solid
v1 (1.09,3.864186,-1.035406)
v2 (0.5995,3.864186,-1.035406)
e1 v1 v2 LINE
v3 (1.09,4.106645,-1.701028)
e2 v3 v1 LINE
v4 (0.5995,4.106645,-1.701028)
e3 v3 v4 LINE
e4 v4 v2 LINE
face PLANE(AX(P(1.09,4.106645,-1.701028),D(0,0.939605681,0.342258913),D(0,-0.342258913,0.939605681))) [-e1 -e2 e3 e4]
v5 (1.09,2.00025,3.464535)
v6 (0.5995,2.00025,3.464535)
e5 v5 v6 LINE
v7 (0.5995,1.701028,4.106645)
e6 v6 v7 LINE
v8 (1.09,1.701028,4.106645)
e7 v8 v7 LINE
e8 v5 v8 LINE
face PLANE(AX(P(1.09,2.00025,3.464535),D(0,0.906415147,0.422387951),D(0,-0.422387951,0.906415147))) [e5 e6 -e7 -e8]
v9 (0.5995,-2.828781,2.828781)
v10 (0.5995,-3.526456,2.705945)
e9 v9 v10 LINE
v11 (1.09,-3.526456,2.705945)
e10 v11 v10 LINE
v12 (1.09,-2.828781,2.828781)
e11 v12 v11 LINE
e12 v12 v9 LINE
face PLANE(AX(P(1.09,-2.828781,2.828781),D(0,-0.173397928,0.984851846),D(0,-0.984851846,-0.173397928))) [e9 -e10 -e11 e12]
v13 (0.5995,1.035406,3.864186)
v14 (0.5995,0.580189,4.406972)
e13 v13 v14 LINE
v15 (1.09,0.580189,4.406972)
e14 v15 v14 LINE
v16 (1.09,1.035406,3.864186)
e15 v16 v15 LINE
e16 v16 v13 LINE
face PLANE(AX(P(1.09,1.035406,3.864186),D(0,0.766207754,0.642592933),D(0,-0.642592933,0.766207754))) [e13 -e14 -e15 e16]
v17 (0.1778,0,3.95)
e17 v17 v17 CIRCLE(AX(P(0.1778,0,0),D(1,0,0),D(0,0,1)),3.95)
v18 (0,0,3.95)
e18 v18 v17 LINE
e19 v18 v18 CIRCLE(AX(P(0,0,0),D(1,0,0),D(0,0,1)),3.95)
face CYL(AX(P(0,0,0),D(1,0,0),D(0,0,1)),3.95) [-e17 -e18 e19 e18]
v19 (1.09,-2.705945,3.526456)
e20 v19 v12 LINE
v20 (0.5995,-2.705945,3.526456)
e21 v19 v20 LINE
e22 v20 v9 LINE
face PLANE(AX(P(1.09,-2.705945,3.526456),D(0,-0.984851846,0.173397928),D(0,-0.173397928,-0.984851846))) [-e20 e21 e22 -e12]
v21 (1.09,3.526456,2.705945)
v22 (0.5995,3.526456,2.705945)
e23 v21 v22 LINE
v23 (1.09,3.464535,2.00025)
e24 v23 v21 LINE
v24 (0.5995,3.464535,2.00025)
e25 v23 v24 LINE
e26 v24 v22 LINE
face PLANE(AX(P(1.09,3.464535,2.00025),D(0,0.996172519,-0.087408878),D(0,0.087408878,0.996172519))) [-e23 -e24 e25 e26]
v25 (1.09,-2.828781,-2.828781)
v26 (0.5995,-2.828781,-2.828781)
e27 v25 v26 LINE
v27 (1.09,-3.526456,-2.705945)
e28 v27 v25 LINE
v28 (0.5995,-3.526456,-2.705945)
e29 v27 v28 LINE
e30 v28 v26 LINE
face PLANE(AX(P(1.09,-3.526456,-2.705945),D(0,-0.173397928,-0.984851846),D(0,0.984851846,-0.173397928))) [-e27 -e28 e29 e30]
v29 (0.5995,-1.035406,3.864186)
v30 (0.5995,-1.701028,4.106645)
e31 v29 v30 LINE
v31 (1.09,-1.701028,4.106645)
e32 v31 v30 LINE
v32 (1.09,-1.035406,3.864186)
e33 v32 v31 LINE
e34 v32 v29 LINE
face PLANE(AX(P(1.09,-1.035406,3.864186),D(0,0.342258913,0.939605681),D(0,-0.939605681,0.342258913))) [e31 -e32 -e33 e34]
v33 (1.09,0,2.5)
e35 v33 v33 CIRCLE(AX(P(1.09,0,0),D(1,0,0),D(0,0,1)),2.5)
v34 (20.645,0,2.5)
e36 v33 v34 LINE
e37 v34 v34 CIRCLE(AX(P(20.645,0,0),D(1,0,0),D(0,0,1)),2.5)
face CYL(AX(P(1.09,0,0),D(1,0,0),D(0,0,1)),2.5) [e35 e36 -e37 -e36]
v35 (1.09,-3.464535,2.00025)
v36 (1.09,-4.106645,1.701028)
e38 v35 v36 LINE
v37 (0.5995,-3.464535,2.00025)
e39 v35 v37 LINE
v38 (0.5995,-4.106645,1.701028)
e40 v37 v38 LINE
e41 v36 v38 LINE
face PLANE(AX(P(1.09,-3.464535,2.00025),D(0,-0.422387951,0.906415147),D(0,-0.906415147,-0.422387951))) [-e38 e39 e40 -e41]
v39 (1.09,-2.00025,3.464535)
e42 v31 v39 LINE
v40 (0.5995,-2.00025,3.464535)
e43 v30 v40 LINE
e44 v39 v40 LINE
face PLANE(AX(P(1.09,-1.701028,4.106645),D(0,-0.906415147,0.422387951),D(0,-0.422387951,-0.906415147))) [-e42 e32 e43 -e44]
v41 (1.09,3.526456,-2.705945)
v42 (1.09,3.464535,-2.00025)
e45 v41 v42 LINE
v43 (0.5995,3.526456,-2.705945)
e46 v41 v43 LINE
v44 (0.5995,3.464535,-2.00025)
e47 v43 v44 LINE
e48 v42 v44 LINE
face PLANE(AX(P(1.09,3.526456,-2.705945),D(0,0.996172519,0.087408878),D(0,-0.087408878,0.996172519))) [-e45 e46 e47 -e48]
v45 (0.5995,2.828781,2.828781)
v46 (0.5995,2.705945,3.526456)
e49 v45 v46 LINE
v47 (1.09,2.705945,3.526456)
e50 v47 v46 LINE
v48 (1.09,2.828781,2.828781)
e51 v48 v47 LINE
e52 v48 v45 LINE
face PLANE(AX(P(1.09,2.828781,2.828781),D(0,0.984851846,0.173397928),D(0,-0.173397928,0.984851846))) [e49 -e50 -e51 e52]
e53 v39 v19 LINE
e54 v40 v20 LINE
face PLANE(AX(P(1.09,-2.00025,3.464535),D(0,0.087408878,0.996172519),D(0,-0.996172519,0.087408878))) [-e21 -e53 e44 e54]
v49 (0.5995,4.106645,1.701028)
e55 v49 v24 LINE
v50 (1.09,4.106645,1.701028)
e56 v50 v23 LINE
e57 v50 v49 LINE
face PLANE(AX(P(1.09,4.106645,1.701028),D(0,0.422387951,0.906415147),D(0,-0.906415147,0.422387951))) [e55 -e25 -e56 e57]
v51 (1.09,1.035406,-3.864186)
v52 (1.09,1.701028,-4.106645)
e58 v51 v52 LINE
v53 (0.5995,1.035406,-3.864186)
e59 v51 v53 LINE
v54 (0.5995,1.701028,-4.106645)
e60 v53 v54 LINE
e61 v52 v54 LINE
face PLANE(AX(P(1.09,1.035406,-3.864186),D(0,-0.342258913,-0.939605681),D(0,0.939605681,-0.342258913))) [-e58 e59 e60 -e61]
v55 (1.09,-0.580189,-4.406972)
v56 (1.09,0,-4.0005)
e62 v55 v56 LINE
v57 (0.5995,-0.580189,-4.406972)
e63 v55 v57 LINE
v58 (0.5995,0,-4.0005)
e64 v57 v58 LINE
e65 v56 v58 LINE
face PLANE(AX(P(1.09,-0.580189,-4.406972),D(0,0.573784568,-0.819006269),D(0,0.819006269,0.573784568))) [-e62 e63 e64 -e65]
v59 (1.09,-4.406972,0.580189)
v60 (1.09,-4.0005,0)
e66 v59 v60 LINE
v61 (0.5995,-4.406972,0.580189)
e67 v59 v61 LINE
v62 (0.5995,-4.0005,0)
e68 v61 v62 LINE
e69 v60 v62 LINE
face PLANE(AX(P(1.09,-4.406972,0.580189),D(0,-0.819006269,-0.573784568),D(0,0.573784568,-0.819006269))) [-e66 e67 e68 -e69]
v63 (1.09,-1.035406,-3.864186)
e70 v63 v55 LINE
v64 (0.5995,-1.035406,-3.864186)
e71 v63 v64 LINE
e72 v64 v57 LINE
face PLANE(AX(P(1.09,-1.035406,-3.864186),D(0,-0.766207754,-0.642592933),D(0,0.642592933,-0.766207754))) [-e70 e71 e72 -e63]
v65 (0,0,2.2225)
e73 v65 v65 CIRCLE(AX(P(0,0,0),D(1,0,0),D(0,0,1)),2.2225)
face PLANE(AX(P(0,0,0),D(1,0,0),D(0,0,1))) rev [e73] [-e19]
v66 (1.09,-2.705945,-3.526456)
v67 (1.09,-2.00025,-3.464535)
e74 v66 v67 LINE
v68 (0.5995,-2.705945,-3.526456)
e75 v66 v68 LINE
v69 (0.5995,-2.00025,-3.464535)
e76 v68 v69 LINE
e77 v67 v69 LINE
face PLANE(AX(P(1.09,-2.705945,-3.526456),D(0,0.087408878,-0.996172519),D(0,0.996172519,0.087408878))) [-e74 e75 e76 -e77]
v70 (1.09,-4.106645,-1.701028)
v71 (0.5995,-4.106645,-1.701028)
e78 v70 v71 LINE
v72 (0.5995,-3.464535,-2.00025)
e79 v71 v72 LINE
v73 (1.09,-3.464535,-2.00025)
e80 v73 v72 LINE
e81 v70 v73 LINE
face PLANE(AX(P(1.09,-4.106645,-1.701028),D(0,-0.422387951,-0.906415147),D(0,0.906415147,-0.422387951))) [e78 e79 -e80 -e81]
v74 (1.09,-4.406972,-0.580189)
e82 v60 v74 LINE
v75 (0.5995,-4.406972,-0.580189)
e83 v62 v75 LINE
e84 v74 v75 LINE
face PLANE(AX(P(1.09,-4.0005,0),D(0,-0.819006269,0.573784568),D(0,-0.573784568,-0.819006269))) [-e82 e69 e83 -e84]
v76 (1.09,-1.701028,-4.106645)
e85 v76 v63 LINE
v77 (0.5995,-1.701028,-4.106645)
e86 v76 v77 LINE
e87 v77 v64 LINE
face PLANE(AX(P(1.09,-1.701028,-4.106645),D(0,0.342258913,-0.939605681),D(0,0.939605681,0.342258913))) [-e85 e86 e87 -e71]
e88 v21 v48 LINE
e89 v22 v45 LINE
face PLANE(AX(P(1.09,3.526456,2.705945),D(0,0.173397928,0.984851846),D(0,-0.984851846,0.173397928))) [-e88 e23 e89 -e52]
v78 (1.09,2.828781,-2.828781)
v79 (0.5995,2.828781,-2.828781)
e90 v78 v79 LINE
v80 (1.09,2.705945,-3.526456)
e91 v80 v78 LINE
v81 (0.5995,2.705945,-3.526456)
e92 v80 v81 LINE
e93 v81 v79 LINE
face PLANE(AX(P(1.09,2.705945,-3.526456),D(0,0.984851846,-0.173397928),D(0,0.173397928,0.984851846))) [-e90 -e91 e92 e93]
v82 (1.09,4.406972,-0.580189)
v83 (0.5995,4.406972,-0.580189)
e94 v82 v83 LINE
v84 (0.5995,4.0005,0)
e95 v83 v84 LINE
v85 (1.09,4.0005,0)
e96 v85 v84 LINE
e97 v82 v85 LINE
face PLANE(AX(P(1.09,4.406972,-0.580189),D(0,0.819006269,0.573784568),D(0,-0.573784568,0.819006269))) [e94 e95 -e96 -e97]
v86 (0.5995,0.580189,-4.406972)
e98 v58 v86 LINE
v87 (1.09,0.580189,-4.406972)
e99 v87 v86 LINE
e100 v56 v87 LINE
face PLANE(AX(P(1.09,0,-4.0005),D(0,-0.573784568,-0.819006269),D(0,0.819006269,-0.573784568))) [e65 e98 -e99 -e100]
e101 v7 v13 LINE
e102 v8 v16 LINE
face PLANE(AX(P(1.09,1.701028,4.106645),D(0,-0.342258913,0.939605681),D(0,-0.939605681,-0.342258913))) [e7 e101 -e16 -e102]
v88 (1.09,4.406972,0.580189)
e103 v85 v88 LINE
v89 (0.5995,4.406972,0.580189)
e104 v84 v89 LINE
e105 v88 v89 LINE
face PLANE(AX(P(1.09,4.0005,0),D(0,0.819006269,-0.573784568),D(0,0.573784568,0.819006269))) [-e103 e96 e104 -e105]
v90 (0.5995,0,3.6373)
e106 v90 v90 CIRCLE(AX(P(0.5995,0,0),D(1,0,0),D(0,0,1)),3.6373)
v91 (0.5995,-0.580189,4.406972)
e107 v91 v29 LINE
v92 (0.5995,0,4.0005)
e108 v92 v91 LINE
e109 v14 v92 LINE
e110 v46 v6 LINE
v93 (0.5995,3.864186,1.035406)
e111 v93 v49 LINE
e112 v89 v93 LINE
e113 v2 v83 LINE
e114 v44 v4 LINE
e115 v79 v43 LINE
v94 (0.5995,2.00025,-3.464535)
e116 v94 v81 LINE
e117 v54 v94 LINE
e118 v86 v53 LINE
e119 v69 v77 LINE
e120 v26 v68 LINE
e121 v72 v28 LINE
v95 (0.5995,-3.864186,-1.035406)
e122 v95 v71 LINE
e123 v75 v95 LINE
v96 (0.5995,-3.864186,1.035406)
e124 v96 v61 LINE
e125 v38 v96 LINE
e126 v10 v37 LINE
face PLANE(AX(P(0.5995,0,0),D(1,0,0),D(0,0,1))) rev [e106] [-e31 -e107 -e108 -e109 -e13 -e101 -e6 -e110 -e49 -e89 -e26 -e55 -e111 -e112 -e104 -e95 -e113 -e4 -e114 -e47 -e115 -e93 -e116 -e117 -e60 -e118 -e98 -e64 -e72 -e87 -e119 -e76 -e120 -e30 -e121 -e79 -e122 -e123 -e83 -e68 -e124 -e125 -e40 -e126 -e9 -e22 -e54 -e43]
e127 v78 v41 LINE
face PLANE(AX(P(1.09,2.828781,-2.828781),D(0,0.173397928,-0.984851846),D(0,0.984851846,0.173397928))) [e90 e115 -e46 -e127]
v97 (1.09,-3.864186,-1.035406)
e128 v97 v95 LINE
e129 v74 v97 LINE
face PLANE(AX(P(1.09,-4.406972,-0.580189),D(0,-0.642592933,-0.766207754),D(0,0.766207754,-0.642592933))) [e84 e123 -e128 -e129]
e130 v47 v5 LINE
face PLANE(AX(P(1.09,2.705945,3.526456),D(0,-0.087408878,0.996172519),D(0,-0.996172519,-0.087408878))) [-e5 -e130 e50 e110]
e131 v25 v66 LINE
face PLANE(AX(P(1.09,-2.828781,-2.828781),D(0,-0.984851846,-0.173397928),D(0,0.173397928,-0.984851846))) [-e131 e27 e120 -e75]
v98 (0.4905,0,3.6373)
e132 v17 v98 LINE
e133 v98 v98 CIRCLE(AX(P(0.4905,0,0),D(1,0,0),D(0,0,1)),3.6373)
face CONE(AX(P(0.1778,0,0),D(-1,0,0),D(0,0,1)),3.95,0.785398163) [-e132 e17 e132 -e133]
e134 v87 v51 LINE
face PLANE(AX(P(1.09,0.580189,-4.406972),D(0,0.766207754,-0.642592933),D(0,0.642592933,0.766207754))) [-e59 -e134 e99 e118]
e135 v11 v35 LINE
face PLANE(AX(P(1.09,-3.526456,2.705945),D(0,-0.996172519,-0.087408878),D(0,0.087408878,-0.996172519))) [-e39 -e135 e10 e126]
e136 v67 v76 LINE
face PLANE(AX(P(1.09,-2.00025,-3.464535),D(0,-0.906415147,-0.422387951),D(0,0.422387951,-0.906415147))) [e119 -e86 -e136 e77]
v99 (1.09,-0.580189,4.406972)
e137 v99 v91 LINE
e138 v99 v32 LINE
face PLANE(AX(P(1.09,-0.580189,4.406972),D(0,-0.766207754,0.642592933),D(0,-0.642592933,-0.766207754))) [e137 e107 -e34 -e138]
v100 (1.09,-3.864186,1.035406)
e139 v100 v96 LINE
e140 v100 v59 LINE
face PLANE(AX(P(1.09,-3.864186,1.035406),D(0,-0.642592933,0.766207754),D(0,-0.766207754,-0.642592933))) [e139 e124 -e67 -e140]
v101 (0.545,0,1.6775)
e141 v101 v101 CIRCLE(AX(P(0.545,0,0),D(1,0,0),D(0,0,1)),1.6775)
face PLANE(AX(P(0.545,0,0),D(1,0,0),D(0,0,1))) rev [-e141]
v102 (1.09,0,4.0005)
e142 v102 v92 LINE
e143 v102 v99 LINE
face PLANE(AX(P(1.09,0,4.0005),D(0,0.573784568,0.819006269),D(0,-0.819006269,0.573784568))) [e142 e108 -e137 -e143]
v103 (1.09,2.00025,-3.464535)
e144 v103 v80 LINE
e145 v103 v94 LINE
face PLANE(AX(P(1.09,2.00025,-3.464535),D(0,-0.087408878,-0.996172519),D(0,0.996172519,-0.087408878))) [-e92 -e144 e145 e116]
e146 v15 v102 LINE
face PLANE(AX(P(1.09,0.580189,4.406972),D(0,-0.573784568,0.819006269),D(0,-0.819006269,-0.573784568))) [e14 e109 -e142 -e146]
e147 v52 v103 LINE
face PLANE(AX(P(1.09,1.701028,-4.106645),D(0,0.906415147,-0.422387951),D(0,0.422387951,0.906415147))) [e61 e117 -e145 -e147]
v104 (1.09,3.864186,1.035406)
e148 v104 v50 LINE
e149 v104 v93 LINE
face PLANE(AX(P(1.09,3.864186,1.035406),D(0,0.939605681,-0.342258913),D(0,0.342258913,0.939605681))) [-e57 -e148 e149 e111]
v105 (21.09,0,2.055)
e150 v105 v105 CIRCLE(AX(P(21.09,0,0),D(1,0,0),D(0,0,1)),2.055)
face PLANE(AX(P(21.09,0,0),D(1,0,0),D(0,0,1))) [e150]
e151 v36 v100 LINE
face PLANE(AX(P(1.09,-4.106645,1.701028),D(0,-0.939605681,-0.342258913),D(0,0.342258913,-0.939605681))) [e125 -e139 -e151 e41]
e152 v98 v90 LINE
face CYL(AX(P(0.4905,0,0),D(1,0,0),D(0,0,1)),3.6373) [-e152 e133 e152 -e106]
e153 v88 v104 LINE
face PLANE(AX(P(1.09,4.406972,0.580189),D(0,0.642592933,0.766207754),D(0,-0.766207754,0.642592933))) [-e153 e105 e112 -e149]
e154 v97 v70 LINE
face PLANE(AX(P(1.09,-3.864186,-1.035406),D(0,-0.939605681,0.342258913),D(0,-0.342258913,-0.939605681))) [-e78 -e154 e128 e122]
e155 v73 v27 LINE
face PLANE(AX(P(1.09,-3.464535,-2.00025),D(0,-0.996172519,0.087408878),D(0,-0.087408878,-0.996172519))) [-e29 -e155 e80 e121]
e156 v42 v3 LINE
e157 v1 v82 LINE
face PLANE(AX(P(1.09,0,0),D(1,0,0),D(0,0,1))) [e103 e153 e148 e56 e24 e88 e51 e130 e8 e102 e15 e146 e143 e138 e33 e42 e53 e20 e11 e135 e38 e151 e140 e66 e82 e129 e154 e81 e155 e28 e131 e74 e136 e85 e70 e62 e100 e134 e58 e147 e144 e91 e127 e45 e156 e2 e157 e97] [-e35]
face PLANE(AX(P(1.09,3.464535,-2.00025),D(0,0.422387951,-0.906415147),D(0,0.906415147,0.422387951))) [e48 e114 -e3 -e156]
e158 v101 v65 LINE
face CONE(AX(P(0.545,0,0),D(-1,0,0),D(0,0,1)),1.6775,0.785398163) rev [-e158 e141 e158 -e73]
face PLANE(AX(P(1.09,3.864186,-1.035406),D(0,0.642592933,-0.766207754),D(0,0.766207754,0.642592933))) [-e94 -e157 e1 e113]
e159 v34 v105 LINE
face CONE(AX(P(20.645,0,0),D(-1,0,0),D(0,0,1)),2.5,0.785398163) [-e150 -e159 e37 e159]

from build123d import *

# Parameters (mm, degrees)
CLINCHCUT_DEPTH    = 0.4905
CLINCHCUTPAT_COUNT = 24
CLINCHCUTPAT_ANGLE = 345


with BuildPart() as part:
    # BodySke → BaseBody (revolve)
    with BuildSketch(Plane.XY, mode=Mode.PRIVATE) as basebody_sk:
        Polygon((0, 2.2225), (0, 3.95), (0.1778, 3.95), (0.4905, 3.6373), (0.5995, 3.6373), (0.5995, 4.445), (1.09, 4.445), (1.09, 2.5), (20.645, 2.5), (21.09, 2.055), (21.09, 0), (0.545, 0), (0.545, 1.6775), align=None)
    revolve(basebody_sk.sketch.rotate(Axis((0, 0, 0), (1, 0, 0)), 90), axis=Axis((0, 0, 0), (1, 0, 0)))

    # CliRinCutSke → ClinchCut (cut)
    with BuildSketch(Plane(origin=(1.09, 0, 0), x_dir=(0, 0, -1), z_dir=(1, 0, 0))):
        with BuildLine():
            Line((0.580188924, 4.406972409), (0, 4.0005))
            Line((0, 4.0005), (-0.580188924, 4.406972409))
            ThreePointArc((-0.580188924, 4.406972409), (0, 4.445), (0.580188924, 4.406972409))
        make_face()
    clinchcut = extrude(amount=-CLINCHCUT_DEPTH, mode=Mode.SUBTRACT)

    # ClinchCutPat: ClinchCut ×24 about axis
    clinchcutpat_axis = Axis((0, 0, 0), (1, 0, 0))
    for i in range(1, CLINCHCUTPAT_COUNT):
        add(clinchcut.rotate(clinchcutpat_axis, i * CLINCHCUTPAT_ANGLE / (CLINCHCUTPAT_COUNT - 1)), mode=Mode.SUBTRACT)


solid = part.part
